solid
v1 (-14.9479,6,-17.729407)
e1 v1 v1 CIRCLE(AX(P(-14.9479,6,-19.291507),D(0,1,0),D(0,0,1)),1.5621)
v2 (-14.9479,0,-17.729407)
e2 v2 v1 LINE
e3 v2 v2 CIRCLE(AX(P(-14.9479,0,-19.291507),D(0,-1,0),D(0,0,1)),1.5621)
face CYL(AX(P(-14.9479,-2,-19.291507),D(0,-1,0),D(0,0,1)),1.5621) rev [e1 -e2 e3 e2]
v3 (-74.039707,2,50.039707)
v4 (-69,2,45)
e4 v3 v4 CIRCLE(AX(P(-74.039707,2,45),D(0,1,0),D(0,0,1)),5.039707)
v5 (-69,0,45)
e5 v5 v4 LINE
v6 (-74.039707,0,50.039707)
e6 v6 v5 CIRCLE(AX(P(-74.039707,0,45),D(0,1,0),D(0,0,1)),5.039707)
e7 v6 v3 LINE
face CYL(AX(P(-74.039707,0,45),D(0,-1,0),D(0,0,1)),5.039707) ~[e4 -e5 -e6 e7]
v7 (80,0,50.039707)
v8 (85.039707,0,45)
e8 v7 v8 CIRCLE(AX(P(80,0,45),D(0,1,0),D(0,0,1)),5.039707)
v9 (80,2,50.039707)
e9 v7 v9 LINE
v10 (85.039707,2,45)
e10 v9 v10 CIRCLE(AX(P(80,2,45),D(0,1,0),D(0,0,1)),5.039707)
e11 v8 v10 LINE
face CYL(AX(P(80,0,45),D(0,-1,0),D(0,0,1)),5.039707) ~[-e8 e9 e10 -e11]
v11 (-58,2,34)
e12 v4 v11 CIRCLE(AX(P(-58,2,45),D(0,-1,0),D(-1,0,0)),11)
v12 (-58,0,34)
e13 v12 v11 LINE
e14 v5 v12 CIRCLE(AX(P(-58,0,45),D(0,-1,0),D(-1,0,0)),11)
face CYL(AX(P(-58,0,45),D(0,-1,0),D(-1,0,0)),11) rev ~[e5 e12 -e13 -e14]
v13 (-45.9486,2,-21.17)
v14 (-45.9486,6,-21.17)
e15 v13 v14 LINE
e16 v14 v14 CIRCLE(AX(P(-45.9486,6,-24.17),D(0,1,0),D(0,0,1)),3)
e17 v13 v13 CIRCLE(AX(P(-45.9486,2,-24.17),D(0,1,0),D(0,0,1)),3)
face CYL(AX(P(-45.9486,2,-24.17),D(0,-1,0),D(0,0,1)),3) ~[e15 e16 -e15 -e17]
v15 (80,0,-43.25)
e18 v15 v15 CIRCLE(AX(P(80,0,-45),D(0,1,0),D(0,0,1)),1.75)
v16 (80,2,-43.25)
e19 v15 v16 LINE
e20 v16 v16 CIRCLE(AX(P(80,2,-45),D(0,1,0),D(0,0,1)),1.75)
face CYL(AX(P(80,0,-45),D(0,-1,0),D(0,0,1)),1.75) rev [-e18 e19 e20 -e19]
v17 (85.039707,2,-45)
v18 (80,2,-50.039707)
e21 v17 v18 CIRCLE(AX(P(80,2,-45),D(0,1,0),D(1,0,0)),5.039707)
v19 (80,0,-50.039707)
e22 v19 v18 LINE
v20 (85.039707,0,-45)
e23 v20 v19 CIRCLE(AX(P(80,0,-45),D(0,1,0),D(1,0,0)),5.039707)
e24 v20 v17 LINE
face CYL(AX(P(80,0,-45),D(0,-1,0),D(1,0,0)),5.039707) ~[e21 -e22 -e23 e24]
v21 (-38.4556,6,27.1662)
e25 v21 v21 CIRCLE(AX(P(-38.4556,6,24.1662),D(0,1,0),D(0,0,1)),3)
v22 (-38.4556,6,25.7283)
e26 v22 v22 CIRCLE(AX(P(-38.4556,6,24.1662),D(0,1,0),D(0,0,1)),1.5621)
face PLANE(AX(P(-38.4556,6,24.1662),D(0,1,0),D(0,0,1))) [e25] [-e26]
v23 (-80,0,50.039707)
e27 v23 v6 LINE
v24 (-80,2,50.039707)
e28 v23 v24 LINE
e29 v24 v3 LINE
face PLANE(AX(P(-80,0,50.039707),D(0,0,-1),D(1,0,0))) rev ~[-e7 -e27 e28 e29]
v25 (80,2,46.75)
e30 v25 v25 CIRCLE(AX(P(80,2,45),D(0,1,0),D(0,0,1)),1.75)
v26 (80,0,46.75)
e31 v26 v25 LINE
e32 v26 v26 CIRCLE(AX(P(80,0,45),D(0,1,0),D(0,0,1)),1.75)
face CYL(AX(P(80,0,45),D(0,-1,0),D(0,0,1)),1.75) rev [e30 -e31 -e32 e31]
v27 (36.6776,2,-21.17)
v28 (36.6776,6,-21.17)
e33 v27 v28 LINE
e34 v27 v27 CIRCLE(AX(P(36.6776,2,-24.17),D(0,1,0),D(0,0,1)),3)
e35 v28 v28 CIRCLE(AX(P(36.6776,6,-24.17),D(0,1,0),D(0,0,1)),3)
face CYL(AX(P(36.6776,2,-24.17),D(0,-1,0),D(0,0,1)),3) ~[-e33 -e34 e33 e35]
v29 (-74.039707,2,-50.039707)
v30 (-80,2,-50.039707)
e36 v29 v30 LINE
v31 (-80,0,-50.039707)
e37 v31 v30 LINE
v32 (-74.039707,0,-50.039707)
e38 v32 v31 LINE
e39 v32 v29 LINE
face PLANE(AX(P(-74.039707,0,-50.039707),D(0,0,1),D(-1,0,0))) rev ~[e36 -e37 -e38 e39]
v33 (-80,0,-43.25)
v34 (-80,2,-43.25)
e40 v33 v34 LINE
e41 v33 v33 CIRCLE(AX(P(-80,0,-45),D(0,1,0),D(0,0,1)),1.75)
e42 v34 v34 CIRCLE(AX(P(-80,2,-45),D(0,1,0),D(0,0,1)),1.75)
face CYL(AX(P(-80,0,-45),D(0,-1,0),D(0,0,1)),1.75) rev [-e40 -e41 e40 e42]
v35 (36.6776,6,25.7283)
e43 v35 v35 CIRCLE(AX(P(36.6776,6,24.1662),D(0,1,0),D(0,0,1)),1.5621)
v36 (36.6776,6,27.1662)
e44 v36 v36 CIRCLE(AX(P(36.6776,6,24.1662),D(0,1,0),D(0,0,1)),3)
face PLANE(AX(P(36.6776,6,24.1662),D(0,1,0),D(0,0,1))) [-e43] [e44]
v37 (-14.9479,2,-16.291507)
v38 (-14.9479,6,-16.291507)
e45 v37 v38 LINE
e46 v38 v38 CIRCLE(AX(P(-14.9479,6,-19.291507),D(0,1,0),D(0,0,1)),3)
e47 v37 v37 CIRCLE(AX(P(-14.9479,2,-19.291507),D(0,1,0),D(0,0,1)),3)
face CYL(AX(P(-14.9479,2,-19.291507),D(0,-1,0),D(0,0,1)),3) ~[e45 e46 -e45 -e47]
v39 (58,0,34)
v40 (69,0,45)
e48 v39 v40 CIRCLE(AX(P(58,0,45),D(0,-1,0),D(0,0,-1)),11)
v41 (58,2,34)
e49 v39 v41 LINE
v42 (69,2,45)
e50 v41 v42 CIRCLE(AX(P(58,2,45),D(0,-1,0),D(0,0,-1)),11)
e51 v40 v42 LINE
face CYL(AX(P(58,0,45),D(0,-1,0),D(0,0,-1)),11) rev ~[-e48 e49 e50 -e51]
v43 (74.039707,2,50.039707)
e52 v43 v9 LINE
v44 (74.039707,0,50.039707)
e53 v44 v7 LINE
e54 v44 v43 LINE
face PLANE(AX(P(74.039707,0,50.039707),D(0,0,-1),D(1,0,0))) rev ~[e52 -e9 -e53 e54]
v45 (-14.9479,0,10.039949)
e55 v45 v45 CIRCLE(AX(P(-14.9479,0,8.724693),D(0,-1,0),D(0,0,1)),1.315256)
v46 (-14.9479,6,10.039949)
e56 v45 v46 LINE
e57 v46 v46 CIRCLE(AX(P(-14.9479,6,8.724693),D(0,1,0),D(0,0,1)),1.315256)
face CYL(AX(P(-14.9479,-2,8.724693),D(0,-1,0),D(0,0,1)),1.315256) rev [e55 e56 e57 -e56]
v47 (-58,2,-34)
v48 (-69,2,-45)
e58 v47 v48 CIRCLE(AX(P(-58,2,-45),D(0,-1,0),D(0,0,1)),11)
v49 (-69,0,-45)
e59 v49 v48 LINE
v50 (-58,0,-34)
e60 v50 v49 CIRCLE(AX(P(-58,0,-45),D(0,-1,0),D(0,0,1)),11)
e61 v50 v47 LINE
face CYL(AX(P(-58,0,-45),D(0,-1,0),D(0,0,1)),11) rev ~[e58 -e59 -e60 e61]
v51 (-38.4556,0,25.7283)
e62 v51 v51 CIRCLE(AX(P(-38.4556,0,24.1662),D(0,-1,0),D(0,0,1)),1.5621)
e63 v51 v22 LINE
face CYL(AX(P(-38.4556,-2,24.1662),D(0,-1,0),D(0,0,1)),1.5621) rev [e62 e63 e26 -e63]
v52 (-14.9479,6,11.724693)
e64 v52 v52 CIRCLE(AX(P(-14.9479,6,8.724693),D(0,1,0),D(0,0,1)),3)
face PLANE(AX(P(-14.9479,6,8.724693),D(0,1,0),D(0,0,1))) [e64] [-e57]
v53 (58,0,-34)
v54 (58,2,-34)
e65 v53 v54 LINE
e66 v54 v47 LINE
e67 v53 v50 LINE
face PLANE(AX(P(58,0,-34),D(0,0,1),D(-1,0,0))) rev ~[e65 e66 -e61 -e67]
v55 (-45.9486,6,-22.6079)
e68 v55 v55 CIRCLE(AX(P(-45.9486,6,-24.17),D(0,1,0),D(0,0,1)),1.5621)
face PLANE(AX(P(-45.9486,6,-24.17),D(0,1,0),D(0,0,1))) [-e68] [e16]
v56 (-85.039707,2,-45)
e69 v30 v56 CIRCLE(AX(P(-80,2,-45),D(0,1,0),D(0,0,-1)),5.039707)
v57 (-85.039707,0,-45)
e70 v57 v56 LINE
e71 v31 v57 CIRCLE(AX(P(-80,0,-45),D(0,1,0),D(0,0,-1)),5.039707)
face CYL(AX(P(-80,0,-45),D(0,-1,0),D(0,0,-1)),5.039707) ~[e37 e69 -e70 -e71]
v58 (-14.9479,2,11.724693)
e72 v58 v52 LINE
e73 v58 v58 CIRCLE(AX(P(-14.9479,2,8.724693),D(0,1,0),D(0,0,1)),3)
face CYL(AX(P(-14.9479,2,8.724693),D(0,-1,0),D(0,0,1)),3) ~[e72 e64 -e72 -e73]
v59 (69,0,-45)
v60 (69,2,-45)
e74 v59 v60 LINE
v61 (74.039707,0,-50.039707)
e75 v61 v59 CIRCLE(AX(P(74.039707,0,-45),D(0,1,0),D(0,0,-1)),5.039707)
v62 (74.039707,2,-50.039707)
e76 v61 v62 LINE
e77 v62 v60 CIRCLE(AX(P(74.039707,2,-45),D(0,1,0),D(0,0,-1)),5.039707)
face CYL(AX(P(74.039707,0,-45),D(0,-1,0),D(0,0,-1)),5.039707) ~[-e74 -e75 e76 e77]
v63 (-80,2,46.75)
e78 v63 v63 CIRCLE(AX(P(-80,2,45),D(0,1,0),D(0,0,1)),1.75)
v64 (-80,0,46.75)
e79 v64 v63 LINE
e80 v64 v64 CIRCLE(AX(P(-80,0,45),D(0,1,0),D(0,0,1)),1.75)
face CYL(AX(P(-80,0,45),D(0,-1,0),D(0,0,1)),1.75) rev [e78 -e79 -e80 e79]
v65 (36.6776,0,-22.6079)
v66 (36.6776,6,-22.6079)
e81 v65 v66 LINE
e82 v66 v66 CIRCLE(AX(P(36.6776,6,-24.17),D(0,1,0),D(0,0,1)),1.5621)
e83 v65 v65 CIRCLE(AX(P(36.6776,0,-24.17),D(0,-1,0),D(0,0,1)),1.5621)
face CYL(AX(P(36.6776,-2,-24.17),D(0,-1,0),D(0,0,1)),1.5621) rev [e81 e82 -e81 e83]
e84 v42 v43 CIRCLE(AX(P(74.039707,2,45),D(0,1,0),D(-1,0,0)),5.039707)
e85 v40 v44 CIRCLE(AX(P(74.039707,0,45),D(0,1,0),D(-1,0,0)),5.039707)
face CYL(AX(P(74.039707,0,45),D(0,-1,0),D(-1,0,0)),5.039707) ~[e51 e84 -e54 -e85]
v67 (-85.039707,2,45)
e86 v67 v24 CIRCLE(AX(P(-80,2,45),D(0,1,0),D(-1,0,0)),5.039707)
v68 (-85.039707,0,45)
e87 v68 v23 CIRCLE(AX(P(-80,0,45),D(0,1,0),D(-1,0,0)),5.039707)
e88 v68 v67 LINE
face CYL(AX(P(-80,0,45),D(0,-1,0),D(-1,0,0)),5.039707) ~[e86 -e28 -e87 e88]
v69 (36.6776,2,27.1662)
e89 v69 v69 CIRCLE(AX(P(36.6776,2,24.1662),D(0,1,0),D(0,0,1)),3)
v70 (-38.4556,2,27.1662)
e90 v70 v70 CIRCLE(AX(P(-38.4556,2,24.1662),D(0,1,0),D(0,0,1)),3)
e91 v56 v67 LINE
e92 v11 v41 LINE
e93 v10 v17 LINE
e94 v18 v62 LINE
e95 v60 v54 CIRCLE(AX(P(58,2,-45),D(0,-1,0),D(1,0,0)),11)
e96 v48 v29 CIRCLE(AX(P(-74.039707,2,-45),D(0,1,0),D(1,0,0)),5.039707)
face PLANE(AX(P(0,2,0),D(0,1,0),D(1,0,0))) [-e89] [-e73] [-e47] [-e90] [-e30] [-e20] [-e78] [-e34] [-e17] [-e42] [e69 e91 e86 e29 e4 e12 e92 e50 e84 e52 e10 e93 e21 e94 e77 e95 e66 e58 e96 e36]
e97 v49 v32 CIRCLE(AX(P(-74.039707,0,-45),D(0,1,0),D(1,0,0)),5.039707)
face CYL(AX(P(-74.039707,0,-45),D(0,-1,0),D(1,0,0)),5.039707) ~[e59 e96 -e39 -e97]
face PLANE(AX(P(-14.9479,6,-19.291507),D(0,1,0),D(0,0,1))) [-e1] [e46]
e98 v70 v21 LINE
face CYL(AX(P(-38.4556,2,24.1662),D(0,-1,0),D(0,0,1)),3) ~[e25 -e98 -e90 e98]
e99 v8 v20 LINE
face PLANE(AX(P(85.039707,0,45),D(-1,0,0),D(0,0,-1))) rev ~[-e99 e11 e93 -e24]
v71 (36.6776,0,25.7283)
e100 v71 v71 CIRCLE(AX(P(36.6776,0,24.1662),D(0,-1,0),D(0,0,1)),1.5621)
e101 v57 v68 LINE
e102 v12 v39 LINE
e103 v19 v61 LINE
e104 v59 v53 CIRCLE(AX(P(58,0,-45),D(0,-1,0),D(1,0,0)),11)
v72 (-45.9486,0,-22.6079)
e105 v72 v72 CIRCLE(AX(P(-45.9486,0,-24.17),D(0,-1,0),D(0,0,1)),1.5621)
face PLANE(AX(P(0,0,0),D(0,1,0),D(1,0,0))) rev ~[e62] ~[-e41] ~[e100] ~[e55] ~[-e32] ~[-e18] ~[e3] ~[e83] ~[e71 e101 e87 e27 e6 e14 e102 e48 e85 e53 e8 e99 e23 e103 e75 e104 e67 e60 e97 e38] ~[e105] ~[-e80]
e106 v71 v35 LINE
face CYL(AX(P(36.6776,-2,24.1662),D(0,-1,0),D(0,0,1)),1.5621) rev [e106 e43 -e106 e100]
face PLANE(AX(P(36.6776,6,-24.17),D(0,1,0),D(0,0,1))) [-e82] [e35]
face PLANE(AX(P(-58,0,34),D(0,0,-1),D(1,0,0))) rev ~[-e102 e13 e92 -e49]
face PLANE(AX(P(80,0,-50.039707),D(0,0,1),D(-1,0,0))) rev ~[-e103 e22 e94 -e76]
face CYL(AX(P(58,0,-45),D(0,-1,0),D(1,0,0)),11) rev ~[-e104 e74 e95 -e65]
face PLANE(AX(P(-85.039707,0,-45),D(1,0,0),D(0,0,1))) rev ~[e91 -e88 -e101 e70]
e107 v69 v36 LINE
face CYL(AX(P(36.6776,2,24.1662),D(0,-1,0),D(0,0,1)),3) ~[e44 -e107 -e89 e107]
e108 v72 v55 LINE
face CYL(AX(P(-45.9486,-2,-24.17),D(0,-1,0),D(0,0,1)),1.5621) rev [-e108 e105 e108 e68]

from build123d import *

# Parameters (mm, degrees)
ESQUISSE1_R             = 1.75
BOSS_EXTRU_1_DEPTH      = 2
ESQUISSE2_R             = 3
ESQUISSE2_R_2           = 1.5621
ESQUISSE2_R_3           = 1.315256363
BOSS_EXTRU_2_DEPTH      = 4
ENL_V_START             = -4
ESQUISSE4_R             = 1.5621
ESQUISSE4_R_2           = 1.315256363
ENL_V_MAT_EXTRU_1_DEPTH = 4


with BuildPart() as part:
    # Esquisse1 → Boss.-Extru.1 (new body)
    with BuildSketch(Plane(origin=(0, 0, 0), x_dir=(1, 0, 0), z_dir=(0, 1, 0))):
        with BuildLine():
            Line((80, 50.039706632), (74.039706632, 50.039706632))
            ThreePointArc((74.039706632, 50.039706632), (70.476095897, 48.563610735), (69, 45))
            ThreePointArc((69, 45), (65.778174593, 37.221825407), (58, 34))
            Line((58, 34), (-58, 34))
            ThreePointArc((-58, 34), (-65.778174593, 37.221825407), (-69, 45))
            ThreePointArc((-69, 45), (-70.476095897, 48.563610735), (-74.039706632, 50.039706632))
            Line((-74.039706632, 50.039706632), (-80, 50.039706632))
            ThreePointArc((-80, 50.039706632), (-83.563610735, 48.563610735), (-85.039706632, 45))
            Line((-85.039706632, 45), (-85.039706632, -45))
            ThreePointArc((-85.039706632, -45), (-83.563610735, -48.563610735), (-80, -50.039706632))
            Line((-80, -50.039706632), (-74.039706632, -50.039706632))
            ThreePointArc((-74.039706632, -50.039706632), (-70.476095897, -48.563610735), (-69, -45))
            ThreePointArc((-69, -45), (-65.778174593, -37.221825407), (-58, -34))
            Line((-58, -34), (58, -34))
            ThreePointArc((58, -34), (65.778174593, -37.221825407), (69, -45))
            ThreePointArc((69, -45), (70.476095897, -48.563610735), (74.039706632, -50.039706632))
            Line((74.039706632, -50.039706632), (80, -50.039706632))
            ThreePointArc((80, -50.039706632), (83.563610735, -48.563610735), (85.039706632, -45))
            Line((85.039706632, -45), (85.039706632, 45))
            ThreePointArc((85.039706632, 45), (83.563610735, 48.563610735), (80, 50.039706632))
        make_face()
        with Locations(Location((-80, -45, 0), (0, 0, 270))):
            Circle(ESQUISSE1_R, mode=Mode.SUBTRACT)
        with Locations(Location((-80, 45, 0), (0, 0, 270))):
            Circle(ESQUISSE1_R, mode=Mode.SUBTRACT)
        with Locations(Location((80, -45, 0), (0, 0, 270))):
            Circle(ESQUISSE1_R, mode=Mode.SUBTRACT)
        with Locations(Location((80, 45, 0), (0, 0, 270))):
            Circle(ESQUISSE1_R, mode=Mode.SUBTRACT)
    extrude(amount=BOSS_EXTRU_1_DEPTH)

    # Esquisse2 → Boss.-Extru.2 (add)
    # profile 1 of 6: a face of its own
    with BuildSketch(Plane(origin=(0, 2, 0), x_dir=(1, 0, 0), z_dir=(0, 1, 0))):
        with Locations(Location((-14.9479, 19.291507234, 0), (0, 0, 270))):
            Circle(ESQUISSE2_R)
        with Locations(Location((-14.9479, 19.291507234, 0), (0, 0, 270))):
            Circle(ESQUISSE2_R_2, mode=Mode.SUBTRACT)
    # profile 2 of 6: a face of its own
    with BuildSketch(Plane(origin=(0, 2, 0), x_dir=(1, 0, 0), z_dir=(0, 1, 0))):
        with Locations(Location((-14.9479, -8.724692766, 0), (0, 0, 270))):
            Circle(ESQUISSE2_R)
        with Locations(Location((-14.9479, -8.724692766, 0), (0, 0, 270))):
            Circle(ESQUISSE2_R_3, mode=Mode.SUBTRACT)
    # profile 3 of 6: a face of its own
    with BuildSketch(Plane(origin=(0, 2, 0), x_dir=(1, 0, 0), z_dir=(0, 1, 0))):
        with Locations(Location((-38.4556, -24.1662, 0), (0, 0, 270))):
            Circle(ESQUISSE2_R)
        with Locations(Location((-38.4556, -24.1662, 0), (0, 0, 270))):
            Circle(ESQUISSE2_R_2, mode=Mode.SUBTRACT)
    # profile 4 of 6: a face of its own
    with BuildSketch(Plane(origin=(0, 2, 0), x_dir=(1, 0, 0), z_dir=(0, 1, 0))):
        with Locations(Location((36.6776, -24.1662, 0), (0, 0, 270))):
            Circle(ESQUISSE2_R)
        with Locations(Location((36.6776, -24.1662, 0), (0, 0, 270))):
            Circle(ESQUISSE2_R_2, mode=Mode.SUBTRACT)
    # profile 5 of 6: a face of its own
    with BuildSketch(Plane(origin=(0, 2, 0), x_dir=(1, 0, 0), z_dir=(0, 1, 0))):
        with Locations(Location((36.6776, 24.17, 0), (0, 0, 270))):
            Circle(ESQUISSE2_R)
        with Locations(Location((36.6776, 24.17, 0), (0, 0, 270))):
            Circle(ESQUISSE2_R_2, mode=Mode.SUBTRACT)
    # profile 6 of 6: a face of its own
    with BuildSketch(Plane(origin=(0, 2, 0), x_dir=(1, 0, 0), z_dir=(0, 1, 0))):
        with Locations(Location((-45.9486, 24.17, 0), (0, 0, 270))):
            Circle(ESQUISSE2_R)
        with Locations(Location((-45.9486, 24.17, 0), (0, 0, 270))):
            Circle(ESQUISSE2_R_2, mode=Mode.SUBTRACT)
    extrude(amount=BOSS_EXTRU_2_DEPTH)

    # Esquisse4 → Enlèv. mat.-Extru.1 (cut)
    with BuildSketch(Plane(origin=(0, 2, 0), x_dir=(1, 0, 0), z_dir=(0, 1, 0)).offset(ENL_V_START)):
        with Locations(Location((-45.9486, 24.17, 0), (0, 0, 270))):
            Circle(ESQUISSE4_R)
        with Locations(Location((-14.9479, 19.291507234, 0), (0, 0, 270))):
            Circle(ESQUISSE4_R)
        with Locations(Location((36.6776, 24.17, 0), (0, 0, 270))):
            Circle(ESQUISSE4_R)
        with Locations(Location((36.6776, -24.1662, 0), (0, 0, 270))):
            Circle(ESQUISSE4_R)
        with Locations(Location((-14.9479, -8.724692766, 0), (0, 0, 270))):
            Circle(ESQUISSE4_R_2)
        with Locations(Location((-38.4556, -24.1662, 0), (0, 0, 270))):
            Circle(ESQUISSE4_R)
    extrude(amount=ENL_V_MAT_EXTRU_1_DEPTH, mode=Mode.SUBTRACT)


solid = part.part
